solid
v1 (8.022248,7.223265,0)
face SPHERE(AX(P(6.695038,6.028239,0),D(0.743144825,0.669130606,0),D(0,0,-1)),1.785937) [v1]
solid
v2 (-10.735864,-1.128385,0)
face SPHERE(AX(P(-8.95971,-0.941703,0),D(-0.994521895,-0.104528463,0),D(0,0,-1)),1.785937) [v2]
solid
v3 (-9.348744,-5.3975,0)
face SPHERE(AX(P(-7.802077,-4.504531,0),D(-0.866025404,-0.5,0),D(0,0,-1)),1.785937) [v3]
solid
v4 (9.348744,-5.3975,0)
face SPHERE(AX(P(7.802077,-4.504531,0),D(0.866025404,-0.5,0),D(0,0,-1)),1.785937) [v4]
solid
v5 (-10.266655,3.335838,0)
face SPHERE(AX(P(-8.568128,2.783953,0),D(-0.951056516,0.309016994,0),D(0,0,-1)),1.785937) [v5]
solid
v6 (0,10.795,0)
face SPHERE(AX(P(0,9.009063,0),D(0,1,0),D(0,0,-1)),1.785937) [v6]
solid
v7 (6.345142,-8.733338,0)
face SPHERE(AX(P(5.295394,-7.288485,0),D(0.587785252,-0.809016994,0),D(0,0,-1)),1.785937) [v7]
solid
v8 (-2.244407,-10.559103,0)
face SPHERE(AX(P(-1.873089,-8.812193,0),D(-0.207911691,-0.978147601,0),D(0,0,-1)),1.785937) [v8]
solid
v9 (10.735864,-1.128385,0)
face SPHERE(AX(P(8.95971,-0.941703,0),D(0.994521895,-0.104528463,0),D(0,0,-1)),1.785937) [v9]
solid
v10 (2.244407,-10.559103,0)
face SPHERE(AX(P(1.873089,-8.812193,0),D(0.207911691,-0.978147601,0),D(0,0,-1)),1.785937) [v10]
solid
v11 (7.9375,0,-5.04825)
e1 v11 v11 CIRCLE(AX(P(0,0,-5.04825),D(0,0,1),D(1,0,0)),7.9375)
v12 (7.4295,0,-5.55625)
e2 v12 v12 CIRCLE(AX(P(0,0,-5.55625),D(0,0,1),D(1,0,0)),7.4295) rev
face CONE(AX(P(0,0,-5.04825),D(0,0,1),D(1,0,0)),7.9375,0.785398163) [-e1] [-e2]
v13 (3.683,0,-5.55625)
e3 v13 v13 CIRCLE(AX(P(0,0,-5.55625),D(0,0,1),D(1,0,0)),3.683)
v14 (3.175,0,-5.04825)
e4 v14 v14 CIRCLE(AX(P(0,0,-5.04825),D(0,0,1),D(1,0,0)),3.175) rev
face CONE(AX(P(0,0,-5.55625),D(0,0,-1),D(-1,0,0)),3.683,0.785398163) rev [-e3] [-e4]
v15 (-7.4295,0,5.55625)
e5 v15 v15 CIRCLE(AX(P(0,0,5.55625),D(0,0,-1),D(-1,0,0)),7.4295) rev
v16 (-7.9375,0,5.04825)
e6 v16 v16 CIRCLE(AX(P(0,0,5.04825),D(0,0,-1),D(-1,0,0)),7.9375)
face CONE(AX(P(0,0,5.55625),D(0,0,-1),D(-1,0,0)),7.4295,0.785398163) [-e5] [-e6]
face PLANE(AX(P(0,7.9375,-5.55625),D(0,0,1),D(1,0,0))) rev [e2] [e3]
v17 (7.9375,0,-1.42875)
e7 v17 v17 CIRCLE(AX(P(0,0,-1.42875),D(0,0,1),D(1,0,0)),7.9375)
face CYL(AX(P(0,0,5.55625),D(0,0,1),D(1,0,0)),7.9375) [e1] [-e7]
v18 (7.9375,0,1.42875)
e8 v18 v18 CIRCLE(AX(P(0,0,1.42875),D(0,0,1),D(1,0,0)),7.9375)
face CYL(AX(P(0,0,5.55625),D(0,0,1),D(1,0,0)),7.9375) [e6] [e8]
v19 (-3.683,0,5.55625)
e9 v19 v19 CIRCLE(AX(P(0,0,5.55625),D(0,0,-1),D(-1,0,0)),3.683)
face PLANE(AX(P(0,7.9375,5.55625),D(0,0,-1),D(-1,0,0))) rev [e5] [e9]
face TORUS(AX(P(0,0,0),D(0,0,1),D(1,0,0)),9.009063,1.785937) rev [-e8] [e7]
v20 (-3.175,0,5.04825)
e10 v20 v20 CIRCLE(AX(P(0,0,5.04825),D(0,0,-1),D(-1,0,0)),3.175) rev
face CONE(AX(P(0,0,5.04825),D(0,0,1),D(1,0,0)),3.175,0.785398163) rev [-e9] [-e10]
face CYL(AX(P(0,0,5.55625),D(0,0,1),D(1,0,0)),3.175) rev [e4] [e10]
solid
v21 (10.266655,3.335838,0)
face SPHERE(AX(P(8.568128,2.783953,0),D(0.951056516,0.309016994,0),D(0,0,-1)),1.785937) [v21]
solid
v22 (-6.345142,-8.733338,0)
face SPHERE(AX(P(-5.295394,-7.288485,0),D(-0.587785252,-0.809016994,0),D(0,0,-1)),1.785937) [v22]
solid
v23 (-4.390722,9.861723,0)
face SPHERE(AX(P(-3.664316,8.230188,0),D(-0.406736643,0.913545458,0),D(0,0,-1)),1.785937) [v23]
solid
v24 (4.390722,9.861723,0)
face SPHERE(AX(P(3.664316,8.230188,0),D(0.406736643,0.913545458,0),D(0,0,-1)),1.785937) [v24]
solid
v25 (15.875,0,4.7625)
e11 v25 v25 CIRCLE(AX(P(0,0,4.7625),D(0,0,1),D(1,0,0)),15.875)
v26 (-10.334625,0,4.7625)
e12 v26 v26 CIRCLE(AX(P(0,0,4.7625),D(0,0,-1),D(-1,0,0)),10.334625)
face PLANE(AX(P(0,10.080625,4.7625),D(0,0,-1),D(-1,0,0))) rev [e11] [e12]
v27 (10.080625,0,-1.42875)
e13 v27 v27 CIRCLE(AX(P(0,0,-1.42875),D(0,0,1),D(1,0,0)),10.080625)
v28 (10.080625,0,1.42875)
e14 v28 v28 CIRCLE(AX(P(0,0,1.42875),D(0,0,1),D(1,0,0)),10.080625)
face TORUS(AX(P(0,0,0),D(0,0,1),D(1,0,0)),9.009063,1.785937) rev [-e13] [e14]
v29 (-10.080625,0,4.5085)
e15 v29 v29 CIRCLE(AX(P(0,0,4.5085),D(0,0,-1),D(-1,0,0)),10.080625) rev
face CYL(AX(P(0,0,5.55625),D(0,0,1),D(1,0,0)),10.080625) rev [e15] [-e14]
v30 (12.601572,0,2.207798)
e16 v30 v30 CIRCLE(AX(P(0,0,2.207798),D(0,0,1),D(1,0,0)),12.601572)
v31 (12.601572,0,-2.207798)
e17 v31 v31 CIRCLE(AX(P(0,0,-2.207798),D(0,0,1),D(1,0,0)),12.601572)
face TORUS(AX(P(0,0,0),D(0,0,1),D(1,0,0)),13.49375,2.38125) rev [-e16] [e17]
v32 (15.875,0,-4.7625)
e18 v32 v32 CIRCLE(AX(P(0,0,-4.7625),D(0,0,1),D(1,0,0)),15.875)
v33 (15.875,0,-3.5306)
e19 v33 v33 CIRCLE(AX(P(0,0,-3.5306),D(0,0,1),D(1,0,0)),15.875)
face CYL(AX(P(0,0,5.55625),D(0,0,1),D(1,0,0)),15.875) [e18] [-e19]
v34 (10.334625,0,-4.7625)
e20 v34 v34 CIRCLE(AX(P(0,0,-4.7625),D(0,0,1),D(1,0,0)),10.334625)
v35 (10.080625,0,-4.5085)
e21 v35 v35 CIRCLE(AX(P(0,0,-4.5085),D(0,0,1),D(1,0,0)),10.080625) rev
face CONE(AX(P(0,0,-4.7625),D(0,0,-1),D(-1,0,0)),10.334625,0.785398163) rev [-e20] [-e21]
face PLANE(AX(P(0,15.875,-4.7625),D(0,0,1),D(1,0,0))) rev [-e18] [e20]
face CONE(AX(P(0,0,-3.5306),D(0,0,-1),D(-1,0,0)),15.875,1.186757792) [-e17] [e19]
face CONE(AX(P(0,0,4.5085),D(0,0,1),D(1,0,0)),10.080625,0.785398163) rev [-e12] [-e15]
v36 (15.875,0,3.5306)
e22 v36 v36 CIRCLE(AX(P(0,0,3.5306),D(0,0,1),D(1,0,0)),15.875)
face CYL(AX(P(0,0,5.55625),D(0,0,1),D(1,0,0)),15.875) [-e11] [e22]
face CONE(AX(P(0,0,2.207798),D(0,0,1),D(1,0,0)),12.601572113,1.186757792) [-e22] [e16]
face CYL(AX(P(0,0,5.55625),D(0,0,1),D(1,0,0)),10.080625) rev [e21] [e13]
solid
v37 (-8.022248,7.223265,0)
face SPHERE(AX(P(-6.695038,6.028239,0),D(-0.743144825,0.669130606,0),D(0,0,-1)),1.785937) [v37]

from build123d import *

# Parameters (mm, degrees)
CIRPATTERN1_COUNT = 15
CHAMFER1_SIZE     = 0.508
CHAMFER2_SIZE     = 0.254


with BuildPart() as part:
    # Sketch1 → Revolve1 (revolve)
    with BuildSketch(Plane(origin=(0, 0, 0), x_dir=(0, 0, -1), z_dir=(1, 0, 0)), mode=Mode.PRIVATE) as revolve1_sk:
        with BuildLine():
            Line((3.5306, 15.875), (4.7625, 15.875))
            Line((4.7625, 15.875), (4.7625, 10.080625))
            Line((4.7625, 10.080625), (1.42875, 10.080625))
            ThreePointArc((1.42875, 10.080625), (0, 10.795), (-1.42875, 10.080625))
            Line((-1.42875, 10.080625), (-4.7625, 10.080625))
            Line((-4.7625, 10.080625), (-4.7625, 15.875))
            Line((-4.7625, 15.875), (-3.5306, 15.875))
            Line((-3.5306, 15.875), (-2.207797586, 12.601572113))
            ThreePointArc((-2.207797586, 12.601572113), (0, 11.1125), (2.207797586, 12.601572113))
            Line((2.207797586, 12.601572113), (3.5306, 15.875))
        make_face()
        with BuildLine():
            Line((5.55625, 3.175), (-5.55625, 3.175))
            Line((-5.55625, 3.175), (-5.55625, 7.9375))
            Line((-5.55625, 7.9375), (-1.42875, 7.9375))
            ThreePointArc((-1.42875, 7.9375), (0, 7.223125), (1.42875, 7.9375))
            Line((1.42875, 7.9375), (5.55625, 7.9375))
            Line((5.55625, 7.9375), (5.55625, 3.175))
        make_face()
    revolve(revolve1_sk.sketch.rotate(Axis((0, 0, 5.55625), (0, 0, -1)), 90), axis=Axis((0, 0, 5.55625), (0, 0, -1)))

    # Chamfer1
    chamfer1_edges = [part.edges().sort_by_distance(p)[0] for p in [
        (-7.9375, 0, 5.55625),
        (-7.9375, 0, -5.55625),
        (-3.175, 0, -5.55625),
        (-3.175, 0, 5.55625),
    ]]
    chamfer(chamfer1_edges, length=CHAMFER1_SIZE)

    # Chamfer2
    chamfer2_edges = [part.edges().sort_by_distance(p)[0] for p in [
        (-10.080625, 0, -4.7625),
        (-10.080625, 0, 4.7625),
    ]]
    chamfer(chamfer2_edges, length=CHAMFER2_SIZE)


with BuildPart() as body_2:
    # Sketch2 → Revolve2 (revolve)
    with BuildSketch(Plane(origin=(0, 0, 0), x_dir=(0, 0, -1), z_dir=(1, 0, 0))):
        with BuildLine():
            Line((0, 10.795), (0, 7.223125))
            ThreePointArc((0, 7.223125), (1.7859375, 9.0090625), (0, 10.795))
        make_face()
    revolve(axis=Axis((0, 10.795, 0), (0, -1, 0)))


with BuildPart() as cirpattern1_1:
    # CirPattern1: pattern copy
    add(body_2.part.rotate(Axis((0, 0, 0), (0, 0, 1)), 1 * 360 / CIRPATTERN1_COUNT))


with BuildPart() as cirpattern1_2:
    # CirPattern1: pattern copy
    add(body_2.part.rotate(Axis((0, 0, 0), (0, 0, 1)), 2 * 360 / CIRPATTERN1_COUNT))


with BuildPart() as cirpattern1_3:
    # CirPattern1: pattern copy
    add(body_2.part.rotate(Axis((0, 0, 0), (0, 0, 1)), 3 * 360 / CIRPATTERN1_COUNT))


with BuildPart() as cirpattern1_4:
    # CirPattern1: pattern copy
    add(body_2.part.rotate(Axis((0, 0, 0), (0, 0, 1)), 4 * 360 / CIRPATTERN1_COUNT))


with BuildPart() as cirpattern1_5:
    # CirPattern1: pattern copy
    add(body_2.part.rotate(Axis((0, 0, 0), (0, 0, 1)), 5 * 360 / CIRPATTERN1_COUNT))


with BuildPart() as cirpattern1_6:
    # CirPattern1: pattern copy
    add(body_2.part.rotate(Axis((0, 0, 0), (0, 0, 1)), 6 * 360 / CIRPATTERN1_COUNT))


with BuildPart() as cirpattern1_7:
    # CirPattern1: pattern copy
    add(body_2.part.rotate(Axis((0, 0, 0), (0, 0, 1)), 7 * 360 / CIRPATTERN1_COUNT))


with BuildPart() as cirpattern1_8:
    # CirPattern1: pattern copy
    add(body_2.part.rotate(Axis((0, 0, 0), (0, 0, 1)), 8 * 360 / CIRPATTERN1_COUNT))


with BuildPart() as cirpattern1_9:
    # CirPattern1: pattern copy
    add(body_2.part.rotate(Axis((0, 0, 0), (0, 0, 1)), 9 * 360 / CIRPATTERN1_COUNT))


with BuildPart() as cirpattern1_10:
    # CirPattern1: pattern copy
    add(body_2.part.rotate(Axis((0, 0, 0), (0, 0, 1)), 10 * 360 / CIRPATTERN1_COUNT))


with BuildPart() as cirpattern1_11:
    # CirPattern1: pattern copy
    add(body_2.part.rotate(Axis((0, 0, 0), (0, 0, 1)), 11 * 360 / CIRPATTERN1_COUNT))


with BuildPart() as cirpattern1_12:
    # CirPattern1: pattern copy
    add(body_2.part.rotate(Axis((0, 0, 0), (0, 0, 1)), 12 * 360 / CIRPATTERN1_COUNT))


with BuildPart() as cirpattern1_13:
    # CirPattern1: pattern copy
    add(body_2.part.rotate(Axis((0, 0, 0), (0, 0, 1)), 13 * 360 / CIRPATTERN1_COUNT))


with BuildPart() as cirpattern1_14:
    # CirPattern1: pattern copy
    add(body_2.part.rotate(Axis((0, 0, 0), (0, 0, 1)), 14 * 360 / CIRPATTERN1_COUNT))


solid = Compound([part.part, body_2.part, cirpattern1_1.part, cirpattern1_2.part, cirpattern1_3.part, cirpattern1_4.part, cirpattern1_5.part, cirpattern1_6.part, cirpattern1_7.part, cirpattern1_8.part, cirpattern1_9.part, cirpattern1_10.part, cirpattern1_11.part, cirpattern1_12.part, cirpattern1_13.part, cirpattern1_14.part])
